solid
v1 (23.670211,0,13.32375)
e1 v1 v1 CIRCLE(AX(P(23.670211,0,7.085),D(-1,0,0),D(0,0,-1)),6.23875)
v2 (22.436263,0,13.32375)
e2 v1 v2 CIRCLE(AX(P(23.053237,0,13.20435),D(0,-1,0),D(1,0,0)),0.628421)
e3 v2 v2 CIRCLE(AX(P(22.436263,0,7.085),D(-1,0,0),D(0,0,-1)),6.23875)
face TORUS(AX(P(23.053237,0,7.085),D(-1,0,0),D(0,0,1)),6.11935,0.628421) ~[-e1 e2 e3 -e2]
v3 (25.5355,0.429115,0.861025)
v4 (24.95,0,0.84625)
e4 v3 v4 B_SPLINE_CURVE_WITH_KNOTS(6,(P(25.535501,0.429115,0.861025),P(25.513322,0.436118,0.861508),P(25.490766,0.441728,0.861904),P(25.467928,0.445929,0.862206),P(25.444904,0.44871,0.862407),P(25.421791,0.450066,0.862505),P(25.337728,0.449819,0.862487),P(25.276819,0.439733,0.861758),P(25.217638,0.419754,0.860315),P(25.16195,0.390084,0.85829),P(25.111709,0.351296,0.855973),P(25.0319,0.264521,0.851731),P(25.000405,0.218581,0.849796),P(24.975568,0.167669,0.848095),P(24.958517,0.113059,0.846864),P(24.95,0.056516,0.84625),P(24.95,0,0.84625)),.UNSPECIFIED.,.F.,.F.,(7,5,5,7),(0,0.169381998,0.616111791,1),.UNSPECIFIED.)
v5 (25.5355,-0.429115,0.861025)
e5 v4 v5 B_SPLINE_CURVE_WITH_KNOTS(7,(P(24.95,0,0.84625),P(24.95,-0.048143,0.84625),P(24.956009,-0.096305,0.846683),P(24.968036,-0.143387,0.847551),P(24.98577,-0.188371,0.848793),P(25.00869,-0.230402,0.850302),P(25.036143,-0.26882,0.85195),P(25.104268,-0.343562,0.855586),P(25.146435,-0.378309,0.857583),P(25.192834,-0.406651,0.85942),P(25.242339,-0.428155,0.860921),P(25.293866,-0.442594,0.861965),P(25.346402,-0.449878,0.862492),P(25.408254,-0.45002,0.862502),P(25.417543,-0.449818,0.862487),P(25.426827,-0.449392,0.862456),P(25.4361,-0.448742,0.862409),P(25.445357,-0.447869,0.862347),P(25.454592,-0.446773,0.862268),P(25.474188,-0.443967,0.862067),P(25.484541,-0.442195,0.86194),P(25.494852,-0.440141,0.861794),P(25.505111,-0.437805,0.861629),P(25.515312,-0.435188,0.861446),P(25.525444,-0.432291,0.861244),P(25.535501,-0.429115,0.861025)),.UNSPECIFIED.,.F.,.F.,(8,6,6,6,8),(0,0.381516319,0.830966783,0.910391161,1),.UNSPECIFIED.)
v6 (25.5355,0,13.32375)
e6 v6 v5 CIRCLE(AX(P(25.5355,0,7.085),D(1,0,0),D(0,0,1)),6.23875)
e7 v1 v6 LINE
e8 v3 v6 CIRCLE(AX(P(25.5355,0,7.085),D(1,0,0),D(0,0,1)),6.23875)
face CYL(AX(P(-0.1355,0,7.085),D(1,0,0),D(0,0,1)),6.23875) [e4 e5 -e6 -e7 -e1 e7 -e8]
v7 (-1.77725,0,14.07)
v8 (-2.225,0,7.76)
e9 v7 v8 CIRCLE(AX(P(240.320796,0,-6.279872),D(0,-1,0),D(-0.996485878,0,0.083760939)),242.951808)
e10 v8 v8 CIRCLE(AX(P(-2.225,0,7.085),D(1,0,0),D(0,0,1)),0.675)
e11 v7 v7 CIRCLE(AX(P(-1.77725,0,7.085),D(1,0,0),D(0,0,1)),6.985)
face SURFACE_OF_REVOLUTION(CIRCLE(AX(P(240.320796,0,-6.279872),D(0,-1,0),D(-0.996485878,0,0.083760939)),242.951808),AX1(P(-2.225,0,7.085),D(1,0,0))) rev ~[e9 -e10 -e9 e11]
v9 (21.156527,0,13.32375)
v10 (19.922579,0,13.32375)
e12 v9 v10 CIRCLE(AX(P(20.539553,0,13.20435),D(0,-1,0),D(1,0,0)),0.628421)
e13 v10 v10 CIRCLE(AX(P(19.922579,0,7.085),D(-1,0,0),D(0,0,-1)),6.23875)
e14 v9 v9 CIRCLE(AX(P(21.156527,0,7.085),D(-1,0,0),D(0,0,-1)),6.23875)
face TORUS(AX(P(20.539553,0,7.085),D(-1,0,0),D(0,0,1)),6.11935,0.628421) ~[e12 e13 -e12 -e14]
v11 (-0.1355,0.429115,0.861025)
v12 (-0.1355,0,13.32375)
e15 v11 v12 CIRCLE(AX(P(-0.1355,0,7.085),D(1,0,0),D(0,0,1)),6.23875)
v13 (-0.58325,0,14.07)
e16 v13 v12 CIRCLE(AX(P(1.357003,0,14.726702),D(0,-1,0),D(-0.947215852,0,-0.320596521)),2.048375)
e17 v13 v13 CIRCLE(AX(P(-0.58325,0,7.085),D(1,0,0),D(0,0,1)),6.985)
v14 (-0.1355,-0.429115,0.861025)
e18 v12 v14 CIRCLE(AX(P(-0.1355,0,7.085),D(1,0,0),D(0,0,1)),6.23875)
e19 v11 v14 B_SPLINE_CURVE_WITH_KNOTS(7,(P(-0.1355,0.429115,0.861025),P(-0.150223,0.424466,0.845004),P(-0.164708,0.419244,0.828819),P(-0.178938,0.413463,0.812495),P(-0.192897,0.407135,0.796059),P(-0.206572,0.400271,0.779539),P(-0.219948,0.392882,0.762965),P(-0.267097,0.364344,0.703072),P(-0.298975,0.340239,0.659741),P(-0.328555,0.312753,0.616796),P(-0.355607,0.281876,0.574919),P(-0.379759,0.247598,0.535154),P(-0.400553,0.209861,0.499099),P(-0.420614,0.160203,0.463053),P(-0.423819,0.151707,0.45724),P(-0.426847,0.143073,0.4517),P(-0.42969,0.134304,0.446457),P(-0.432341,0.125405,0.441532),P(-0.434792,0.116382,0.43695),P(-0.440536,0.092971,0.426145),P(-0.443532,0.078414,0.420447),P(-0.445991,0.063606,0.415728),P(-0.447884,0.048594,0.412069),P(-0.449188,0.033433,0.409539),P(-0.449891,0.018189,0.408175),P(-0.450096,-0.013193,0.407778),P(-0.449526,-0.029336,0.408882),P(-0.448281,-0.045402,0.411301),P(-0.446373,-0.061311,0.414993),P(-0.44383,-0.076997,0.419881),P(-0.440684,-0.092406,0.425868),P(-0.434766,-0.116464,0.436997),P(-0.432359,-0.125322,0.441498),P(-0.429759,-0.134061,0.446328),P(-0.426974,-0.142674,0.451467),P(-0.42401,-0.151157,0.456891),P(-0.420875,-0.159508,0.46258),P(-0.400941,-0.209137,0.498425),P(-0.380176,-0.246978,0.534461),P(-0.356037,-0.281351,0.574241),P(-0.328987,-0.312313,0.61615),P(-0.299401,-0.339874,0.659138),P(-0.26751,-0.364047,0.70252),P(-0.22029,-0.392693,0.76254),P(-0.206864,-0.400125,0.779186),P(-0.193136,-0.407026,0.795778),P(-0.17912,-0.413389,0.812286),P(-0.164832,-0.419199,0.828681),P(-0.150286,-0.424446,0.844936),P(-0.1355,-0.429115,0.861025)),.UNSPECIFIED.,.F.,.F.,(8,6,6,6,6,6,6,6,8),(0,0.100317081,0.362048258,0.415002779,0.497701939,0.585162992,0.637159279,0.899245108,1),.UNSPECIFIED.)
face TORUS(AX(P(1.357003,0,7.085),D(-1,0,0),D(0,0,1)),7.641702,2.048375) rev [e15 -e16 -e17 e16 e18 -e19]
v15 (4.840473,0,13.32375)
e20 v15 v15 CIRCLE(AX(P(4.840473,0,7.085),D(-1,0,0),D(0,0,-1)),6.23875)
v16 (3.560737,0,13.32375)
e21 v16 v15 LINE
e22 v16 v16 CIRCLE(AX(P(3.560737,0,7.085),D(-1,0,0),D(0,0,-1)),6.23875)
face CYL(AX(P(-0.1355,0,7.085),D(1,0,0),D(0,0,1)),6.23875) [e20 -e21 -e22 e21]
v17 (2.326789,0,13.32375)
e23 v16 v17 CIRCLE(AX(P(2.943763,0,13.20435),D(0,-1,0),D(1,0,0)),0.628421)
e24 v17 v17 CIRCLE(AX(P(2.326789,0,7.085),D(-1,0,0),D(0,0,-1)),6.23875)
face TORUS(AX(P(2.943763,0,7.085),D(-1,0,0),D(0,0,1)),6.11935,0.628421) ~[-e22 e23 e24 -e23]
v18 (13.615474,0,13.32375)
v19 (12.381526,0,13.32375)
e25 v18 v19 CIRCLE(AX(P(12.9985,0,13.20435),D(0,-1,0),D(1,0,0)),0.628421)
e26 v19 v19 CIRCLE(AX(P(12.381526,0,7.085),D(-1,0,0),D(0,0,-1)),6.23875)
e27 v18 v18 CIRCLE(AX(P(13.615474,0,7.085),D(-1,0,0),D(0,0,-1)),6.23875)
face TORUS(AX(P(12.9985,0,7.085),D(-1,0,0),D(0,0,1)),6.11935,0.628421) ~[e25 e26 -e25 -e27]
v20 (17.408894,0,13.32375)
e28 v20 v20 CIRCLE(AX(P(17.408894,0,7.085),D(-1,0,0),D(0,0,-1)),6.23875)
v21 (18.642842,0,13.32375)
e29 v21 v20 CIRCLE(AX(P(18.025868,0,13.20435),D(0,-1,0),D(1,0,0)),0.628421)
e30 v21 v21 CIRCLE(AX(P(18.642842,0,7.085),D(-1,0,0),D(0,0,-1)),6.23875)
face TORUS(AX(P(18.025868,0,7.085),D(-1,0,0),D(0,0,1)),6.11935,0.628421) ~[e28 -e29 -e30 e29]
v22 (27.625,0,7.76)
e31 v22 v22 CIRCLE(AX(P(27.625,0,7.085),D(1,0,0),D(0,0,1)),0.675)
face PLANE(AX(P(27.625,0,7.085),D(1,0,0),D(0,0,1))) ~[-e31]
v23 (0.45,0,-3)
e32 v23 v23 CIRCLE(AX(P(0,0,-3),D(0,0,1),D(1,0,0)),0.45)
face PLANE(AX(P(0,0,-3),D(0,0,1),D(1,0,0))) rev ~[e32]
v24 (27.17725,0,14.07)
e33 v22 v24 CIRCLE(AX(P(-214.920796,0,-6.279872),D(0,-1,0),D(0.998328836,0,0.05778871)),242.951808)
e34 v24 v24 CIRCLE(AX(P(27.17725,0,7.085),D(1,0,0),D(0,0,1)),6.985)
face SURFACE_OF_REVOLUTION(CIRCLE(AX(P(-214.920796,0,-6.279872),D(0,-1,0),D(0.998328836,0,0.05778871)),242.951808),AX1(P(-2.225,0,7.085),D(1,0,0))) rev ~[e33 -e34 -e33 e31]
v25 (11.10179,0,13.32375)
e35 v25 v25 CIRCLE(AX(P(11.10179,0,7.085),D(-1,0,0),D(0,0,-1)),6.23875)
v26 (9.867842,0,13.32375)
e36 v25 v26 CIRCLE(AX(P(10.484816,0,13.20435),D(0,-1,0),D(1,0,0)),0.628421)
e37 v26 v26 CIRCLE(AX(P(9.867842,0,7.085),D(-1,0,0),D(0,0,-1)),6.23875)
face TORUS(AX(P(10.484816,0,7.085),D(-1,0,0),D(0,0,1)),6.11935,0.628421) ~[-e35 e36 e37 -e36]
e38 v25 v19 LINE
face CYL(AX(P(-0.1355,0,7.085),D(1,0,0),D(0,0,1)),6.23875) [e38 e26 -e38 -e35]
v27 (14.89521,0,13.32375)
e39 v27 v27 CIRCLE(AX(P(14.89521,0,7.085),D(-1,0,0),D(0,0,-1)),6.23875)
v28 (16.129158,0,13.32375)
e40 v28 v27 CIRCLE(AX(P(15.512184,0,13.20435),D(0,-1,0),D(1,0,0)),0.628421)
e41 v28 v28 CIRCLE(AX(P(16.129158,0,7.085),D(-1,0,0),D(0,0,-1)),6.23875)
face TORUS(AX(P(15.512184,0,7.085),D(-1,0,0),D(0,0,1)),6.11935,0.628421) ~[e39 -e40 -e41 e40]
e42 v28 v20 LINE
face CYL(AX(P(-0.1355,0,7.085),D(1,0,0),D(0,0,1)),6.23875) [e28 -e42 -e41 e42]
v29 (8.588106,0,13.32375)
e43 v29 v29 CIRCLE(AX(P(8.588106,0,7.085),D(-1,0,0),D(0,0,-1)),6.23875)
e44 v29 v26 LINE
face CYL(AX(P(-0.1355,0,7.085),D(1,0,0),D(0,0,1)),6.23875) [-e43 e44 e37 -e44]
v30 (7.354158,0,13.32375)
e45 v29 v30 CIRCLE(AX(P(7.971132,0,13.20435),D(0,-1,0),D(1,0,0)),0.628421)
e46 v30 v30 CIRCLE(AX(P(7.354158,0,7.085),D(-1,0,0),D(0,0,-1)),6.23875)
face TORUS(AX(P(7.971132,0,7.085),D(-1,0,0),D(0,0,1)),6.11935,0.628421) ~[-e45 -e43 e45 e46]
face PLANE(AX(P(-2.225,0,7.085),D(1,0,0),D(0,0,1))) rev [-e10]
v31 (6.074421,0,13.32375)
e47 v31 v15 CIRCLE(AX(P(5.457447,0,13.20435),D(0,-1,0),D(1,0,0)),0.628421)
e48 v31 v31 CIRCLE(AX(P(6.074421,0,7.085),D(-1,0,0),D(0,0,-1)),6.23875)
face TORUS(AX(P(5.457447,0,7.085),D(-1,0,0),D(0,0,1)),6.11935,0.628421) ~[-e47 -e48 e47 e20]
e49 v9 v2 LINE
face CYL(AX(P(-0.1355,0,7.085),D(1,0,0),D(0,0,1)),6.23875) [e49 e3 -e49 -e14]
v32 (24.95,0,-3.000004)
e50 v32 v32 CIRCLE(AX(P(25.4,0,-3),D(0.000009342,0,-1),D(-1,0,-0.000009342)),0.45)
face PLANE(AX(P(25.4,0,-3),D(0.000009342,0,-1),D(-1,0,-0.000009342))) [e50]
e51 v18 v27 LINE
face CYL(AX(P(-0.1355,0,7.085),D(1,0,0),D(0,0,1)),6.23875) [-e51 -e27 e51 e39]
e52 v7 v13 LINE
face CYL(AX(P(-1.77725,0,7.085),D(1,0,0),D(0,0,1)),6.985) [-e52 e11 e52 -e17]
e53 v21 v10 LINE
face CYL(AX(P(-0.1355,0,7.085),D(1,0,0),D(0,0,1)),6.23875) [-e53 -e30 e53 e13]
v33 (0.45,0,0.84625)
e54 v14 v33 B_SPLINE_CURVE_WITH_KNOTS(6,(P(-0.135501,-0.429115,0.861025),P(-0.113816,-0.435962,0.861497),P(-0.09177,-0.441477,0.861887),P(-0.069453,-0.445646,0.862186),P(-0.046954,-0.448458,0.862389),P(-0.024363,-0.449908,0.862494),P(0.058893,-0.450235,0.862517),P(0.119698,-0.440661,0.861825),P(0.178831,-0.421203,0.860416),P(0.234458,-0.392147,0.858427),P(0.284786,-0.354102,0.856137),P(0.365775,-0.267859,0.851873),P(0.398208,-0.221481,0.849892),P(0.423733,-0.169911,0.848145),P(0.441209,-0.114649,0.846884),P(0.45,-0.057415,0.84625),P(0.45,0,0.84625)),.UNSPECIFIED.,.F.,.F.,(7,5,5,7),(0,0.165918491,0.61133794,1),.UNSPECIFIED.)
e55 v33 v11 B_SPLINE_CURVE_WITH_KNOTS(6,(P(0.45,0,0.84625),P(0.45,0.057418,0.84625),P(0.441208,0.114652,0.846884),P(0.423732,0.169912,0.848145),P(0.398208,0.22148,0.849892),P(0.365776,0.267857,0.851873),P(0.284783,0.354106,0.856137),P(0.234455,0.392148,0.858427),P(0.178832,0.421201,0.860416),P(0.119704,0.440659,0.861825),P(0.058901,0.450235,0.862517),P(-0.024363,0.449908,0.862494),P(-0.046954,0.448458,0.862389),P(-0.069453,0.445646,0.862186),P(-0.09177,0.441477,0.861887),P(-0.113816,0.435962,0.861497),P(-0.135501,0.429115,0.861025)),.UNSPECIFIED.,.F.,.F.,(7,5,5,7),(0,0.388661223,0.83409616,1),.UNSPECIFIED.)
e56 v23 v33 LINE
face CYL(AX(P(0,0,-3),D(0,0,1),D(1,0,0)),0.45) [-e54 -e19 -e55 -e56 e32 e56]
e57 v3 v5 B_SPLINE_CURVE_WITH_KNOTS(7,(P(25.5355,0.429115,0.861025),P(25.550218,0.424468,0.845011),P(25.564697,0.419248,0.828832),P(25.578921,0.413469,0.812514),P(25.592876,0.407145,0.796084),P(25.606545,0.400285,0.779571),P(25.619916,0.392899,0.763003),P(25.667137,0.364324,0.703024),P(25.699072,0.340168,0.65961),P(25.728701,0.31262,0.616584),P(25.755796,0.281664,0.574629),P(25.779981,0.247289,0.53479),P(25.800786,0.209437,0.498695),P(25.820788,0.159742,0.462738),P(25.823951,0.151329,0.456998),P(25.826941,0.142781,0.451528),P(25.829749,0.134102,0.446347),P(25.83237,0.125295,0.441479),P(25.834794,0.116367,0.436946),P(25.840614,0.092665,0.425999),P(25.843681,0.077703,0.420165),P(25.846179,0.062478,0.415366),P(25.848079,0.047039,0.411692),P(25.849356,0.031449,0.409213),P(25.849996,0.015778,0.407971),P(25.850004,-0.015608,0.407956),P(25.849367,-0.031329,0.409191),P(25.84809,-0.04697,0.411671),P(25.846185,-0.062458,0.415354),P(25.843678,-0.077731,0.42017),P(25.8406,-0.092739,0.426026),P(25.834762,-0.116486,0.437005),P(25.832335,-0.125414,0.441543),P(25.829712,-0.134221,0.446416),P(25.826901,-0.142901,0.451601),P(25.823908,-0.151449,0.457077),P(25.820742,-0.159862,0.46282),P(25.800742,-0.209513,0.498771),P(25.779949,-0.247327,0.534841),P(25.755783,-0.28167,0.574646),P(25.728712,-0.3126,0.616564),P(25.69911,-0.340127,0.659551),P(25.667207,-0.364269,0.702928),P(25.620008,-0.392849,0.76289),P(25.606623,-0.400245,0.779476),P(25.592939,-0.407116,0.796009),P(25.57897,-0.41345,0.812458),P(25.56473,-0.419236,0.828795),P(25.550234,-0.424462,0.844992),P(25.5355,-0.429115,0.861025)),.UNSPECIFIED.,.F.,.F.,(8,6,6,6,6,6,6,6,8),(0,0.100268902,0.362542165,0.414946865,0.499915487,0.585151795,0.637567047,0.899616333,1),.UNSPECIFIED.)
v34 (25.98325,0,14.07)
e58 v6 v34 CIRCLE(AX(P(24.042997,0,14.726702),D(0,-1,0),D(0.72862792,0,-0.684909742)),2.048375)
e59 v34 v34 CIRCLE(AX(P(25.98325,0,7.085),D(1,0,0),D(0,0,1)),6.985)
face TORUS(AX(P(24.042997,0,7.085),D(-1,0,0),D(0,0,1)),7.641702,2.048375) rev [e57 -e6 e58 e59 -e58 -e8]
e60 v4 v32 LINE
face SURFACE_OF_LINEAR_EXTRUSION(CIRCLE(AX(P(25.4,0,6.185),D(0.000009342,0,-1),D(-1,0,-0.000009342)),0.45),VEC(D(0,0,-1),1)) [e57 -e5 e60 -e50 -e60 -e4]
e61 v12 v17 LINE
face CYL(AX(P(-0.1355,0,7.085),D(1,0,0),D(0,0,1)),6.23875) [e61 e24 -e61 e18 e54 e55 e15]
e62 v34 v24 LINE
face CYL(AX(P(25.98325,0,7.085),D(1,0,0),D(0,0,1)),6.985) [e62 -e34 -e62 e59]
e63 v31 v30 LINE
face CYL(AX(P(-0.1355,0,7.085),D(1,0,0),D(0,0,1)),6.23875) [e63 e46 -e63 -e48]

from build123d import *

# Parameters (mm, degrees)
SKETCH_R = 0.45


with BuildPart() as sweep_body:
    # Sweep: sweep along a path in Sketch001
    with BuildLine(Plane.XZ) as sweep_path:
        Line((0, -3), (0, 6.185))
        ThreePointArc((0, 6.185), (0.263601, 6.821393), (0.899993, 7.085))
        Line((0.899993, 7.085), (24.5, 7.085))
        ThreePointArc((24.5, 7.085), (25.136396, 6.821396), (25.4, 6.185))
        Line((25.4, 6.185), (25.4, -3))
    # Sketch → Sweep (sweep)
    with BuildSketch(Plane.XY.offset(-2)):
        Circle(SKETCH_R)
    sweep(path=sweep_path.line)


with BuildPart() as revolution:
    # Sketch002 → Revolution (revolve)
    with BuildSketch(Plane.XZ):
        with BuildLine():
            Line((-1.77725, 14.07), (-0.58325, 14.07))
            ThreePointArc((-0.58325, 14.07), (-0.399464, 13.672822), (-0.1355, 13.32375))
            Line((-0.1355, 13.32375), (25.5355, 13.32375))
            ThreePointArc((25.5355, 13.32375), (25.799464, 13.672822), (25.98325, 14.07))
            Line((25.98325, 14.07), (27.17725, 14.07))
            ThreePointArc((27.625, 7.76), (27.421663, 10.916457), (27.17725, 14.07))
            Line((27.625, 7.085), (27.625, 7.76))
            Line((-2.225, 7.085), (27.625, 7.085))
            Line((-2.225, 7.085), (-2.225, 7.76))
            ThreePointArc((-1.77725, 14.07), (-2.021663, 10.916457), (-2.225, 7.76))
        make_face()
    revolve(axis=Axis((-2.225, 0, 7.085), (1, 0, 0)))


with BuildPart() as revolution001_mp_cp:
    # Sketch003 → Revolution001 (revolve)
    with BuildSketch(Plane.XZ):
        with BuildLine():
            ThreePointArc((3.572184, 13.20435), (2.943763, 13.832771), (2.315342, 13.20435))
            Line((1.0585, 13.20435), (2.315342, 13.20435))
            Line((1.0585, 13.20435), (1.0585, 11.80735))
            Line((1.0585, 11.80735), (24.9385, 11.80735))
            Line((24.9385, 11.80735), (24.9385, 13.20435))
            Line((23.681658, 13.20435), (24.9385, 13.20435))
            ThreePointArc((23.681658, 13.20435), (23.053237, 13.832771), (22.424816, 13.20435))
            Line((21.167974, 13.20435), (22.424816, 13.20435))
            ThreePointArc((21.167974, 13.20435), (20.539553, 13.832771), (19.911132, 13.20435))
            Line((18.654289, 13.20435), (19.911132, 13.20435))
            ThreePointArc((18.654289, 13.20435), (18.025868, 13.832771), (17.397447, 13.20435))
            Line((16.140605, 13.20435), (17.397447, 13.20435))
            ThreePointArc((16.140605, 13.20435), (15.512184, 13.832771), (14.883763, 13.20435))
            Line((13.626921, 13.20435), (14.883763, 13.20435))
            ThreePointArc((13.626921, 13.20435), (12.9985, 13.832771), (12.370079, 13.20435))
            Line((11.113237, 13.20435), (12.370079, 13.20435))
            ThreePointArc((11.113237, 13.20435), (10.484816, 13.832771), (9.856395, 13.20435))
            Line((8.599553, 13.20435), (9.856395, 13.20435))
            ThreePointArc((8.599553, 13.20435), (7.971132, 13.832771), (7.342711, 13.20435))
            Line((6.085868, 13.20435), (7.342711, 13.20435))
            ThreePointArc((6.085868, 13.20435), (5.457447, 13.832771), (4.829026, 13.20435))
            Line((3.572184, 13.20435), (4.829026, 13.20435))
        make_face()
    revolve(axis=Axis((-1.47875, 0, 7.085), (1, 0, 0)))

    # Revolution001_mp_cp: union Sweep body, Revolution
    add(sweep_body.part)
    add(revolution.part)


solid = revolution001_mp_cp.part
